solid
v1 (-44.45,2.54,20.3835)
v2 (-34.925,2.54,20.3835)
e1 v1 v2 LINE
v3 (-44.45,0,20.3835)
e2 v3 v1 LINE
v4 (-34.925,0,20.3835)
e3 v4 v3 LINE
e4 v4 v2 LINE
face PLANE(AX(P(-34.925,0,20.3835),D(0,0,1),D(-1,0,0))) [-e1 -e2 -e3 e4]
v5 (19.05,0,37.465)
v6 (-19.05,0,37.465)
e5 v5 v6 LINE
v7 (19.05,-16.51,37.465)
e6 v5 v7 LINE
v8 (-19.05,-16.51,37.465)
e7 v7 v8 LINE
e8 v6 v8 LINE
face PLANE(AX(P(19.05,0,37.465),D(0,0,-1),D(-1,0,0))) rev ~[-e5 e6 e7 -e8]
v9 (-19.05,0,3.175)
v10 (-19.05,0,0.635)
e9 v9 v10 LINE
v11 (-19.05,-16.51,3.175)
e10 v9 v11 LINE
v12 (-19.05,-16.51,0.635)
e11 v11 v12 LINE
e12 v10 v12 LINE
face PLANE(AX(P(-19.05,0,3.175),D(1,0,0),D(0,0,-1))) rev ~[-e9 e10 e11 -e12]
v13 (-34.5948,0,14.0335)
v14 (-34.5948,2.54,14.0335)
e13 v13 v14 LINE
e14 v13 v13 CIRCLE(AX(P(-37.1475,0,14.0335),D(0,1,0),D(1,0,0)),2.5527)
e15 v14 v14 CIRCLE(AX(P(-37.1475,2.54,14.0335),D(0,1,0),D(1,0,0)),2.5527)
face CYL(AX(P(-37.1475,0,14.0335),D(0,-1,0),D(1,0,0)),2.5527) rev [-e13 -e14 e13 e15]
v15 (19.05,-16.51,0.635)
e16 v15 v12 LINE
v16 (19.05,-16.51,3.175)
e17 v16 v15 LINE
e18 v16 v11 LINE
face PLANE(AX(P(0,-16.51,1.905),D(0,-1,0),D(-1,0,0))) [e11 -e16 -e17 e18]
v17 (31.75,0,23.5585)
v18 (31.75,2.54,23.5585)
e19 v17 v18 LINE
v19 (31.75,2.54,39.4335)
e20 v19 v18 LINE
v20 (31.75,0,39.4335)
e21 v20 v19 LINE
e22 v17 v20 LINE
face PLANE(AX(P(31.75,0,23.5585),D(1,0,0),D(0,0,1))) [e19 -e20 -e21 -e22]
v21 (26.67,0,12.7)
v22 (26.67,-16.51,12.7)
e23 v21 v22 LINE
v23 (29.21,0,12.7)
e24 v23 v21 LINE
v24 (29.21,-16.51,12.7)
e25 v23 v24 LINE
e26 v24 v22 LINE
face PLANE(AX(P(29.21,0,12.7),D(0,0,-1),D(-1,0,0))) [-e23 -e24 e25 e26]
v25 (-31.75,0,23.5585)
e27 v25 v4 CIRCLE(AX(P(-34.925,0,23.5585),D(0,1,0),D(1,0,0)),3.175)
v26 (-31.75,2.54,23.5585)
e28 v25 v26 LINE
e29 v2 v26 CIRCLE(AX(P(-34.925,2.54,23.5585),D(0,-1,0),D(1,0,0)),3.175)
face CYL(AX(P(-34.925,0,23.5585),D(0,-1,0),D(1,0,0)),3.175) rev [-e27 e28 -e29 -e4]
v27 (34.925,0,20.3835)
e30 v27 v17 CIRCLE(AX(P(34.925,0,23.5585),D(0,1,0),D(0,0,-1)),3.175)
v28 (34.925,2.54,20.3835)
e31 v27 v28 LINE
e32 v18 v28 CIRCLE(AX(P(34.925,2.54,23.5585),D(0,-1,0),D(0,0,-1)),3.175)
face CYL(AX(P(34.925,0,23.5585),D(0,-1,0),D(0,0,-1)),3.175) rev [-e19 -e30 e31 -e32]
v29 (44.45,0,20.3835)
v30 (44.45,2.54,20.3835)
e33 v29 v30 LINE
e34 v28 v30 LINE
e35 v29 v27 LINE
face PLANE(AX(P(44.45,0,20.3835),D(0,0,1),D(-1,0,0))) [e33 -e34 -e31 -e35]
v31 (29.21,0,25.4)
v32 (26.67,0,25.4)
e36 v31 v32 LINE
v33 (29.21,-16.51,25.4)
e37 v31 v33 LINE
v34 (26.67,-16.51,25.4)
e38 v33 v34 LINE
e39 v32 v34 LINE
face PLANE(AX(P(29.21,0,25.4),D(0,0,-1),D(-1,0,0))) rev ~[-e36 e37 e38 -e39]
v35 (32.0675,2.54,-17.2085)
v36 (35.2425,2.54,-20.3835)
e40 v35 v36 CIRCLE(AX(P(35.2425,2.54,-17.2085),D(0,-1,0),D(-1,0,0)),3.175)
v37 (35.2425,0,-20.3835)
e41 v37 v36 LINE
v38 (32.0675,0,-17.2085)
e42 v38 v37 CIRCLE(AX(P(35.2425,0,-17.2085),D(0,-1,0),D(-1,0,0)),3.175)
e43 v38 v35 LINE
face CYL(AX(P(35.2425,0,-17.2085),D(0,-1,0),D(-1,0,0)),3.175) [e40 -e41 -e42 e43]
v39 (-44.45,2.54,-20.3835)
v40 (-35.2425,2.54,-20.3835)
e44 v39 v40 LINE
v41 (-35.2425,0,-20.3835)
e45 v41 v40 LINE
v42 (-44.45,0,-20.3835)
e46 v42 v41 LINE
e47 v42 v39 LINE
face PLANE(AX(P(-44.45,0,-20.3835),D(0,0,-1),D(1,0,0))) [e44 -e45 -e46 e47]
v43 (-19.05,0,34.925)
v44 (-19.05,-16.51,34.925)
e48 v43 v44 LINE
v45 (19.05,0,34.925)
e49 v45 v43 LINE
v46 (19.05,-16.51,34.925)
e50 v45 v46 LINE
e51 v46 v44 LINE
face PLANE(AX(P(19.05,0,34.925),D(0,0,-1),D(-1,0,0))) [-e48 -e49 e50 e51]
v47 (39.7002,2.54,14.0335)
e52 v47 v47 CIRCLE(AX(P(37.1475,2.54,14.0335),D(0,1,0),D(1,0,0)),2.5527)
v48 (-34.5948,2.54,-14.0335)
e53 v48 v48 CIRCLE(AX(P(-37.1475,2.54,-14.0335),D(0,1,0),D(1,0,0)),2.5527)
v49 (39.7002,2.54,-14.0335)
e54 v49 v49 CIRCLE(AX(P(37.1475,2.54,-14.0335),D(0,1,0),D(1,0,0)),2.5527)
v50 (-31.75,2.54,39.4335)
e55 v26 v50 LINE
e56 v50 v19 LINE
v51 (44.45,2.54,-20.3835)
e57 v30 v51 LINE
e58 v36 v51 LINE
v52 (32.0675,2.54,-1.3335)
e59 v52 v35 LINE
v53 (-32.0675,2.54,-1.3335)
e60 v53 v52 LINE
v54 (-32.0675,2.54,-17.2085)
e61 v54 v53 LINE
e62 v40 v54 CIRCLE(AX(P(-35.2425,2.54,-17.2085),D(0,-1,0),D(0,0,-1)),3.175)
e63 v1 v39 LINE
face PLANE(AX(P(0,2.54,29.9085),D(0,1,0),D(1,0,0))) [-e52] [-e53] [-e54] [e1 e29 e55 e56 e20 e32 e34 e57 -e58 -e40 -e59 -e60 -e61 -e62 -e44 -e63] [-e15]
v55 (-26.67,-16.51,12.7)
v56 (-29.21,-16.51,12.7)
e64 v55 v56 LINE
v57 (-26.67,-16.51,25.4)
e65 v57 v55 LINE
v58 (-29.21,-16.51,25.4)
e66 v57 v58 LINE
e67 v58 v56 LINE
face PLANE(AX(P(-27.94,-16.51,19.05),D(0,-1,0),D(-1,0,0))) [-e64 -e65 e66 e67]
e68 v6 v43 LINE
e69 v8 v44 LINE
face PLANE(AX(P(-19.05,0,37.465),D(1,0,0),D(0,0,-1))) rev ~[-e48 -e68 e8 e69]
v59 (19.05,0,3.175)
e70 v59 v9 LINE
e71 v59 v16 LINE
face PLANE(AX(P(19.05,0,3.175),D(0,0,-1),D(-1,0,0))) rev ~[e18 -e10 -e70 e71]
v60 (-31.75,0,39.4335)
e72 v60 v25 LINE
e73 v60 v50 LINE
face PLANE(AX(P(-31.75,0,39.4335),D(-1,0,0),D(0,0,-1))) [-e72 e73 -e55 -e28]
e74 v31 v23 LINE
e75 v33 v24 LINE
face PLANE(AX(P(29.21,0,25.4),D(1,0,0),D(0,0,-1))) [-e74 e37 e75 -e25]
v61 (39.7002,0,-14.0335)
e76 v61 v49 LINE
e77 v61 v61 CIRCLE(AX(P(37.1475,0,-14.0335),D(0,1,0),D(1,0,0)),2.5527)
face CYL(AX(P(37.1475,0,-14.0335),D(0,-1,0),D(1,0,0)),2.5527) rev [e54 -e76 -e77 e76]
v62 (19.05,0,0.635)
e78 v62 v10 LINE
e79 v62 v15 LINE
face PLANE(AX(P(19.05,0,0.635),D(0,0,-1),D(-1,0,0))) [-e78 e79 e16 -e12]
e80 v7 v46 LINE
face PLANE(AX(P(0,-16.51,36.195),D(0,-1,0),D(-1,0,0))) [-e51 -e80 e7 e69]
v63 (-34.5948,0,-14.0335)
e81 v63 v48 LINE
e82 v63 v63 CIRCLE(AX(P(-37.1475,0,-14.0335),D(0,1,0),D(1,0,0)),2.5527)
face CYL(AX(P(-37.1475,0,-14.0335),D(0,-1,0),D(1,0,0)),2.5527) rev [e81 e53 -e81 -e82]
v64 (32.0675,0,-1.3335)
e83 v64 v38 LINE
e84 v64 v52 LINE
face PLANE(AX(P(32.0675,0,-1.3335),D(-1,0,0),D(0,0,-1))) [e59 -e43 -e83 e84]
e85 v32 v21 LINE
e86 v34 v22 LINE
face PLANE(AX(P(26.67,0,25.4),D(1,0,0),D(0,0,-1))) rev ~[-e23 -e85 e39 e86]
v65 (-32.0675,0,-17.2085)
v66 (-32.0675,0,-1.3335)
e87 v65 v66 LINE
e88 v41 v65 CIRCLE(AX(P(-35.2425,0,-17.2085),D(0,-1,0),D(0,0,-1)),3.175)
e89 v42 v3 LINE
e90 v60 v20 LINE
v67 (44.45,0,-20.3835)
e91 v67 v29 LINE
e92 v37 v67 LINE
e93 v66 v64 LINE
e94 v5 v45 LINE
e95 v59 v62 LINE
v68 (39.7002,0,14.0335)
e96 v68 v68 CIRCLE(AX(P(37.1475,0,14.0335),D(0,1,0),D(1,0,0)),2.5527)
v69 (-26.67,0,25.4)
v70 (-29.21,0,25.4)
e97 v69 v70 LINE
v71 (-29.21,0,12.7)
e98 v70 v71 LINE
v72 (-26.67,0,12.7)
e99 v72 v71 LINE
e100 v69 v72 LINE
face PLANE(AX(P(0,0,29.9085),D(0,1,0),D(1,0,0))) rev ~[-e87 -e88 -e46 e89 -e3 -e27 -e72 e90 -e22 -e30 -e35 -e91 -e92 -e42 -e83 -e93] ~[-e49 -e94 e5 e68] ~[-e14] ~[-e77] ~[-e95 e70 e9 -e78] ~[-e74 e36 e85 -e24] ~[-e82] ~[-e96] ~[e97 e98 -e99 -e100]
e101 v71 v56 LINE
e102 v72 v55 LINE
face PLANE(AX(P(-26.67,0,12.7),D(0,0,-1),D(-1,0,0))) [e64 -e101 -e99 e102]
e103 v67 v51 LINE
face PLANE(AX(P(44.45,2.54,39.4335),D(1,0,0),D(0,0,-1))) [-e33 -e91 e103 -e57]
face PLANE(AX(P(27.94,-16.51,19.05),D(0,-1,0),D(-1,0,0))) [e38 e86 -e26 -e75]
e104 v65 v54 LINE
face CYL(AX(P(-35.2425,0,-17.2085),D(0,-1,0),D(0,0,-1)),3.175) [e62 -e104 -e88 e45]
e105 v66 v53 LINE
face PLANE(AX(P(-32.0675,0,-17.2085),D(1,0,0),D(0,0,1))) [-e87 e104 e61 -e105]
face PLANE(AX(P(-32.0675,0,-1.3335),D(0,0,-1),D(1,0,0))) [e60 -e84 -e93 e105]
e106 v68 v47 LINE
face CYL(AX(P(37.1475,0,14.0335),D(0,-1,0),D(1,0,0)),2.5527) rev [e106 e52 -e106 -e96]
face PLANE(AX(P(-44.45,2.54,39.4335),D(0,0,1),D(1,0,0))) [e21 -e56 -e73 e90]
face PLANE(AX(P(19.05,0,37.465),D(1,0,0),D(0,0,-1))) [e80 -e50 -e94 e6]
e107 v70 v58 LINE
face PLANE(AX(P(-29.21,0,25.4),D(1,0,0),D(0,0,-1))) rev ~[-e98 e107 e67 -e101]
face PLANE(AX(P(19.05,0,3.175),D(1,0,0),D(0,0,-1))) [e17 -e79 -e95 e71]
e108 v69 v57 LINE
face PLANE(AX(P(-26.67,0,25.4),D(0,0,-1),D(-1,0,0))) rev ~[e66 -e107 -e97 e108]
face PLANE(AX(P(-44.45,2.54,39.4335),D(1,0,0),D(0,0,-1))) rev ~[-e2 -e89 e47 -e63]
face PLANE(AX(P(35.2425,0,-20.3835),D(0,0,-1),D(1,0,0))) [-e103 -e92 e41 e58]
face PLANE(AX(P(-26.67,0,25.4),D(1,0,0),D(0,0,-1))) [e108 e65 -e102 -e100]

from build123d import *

# Parameters (mm, degrees)
SKETCH1_R           = 2.5527
BOSS_EXTRUDE1_DEPTH = 2.54
SKETCH7_W           = 88.9
SKETCH7_H           = 19.05
BOSS_EXTRUDE2_DEPTH = 2.54
SKETCH6_W           = 38.1
SKETCH6_H           = 2.54
SKETCH6_W_2         = 2.54
SKETCH6_H_2         = 12.7
BOSS_EXTRUDE3_DEPTH = 16.51
CUT_EXTRUDE1_DEPTH  = 3.54


with BuildPart() as part:
    # Sketch1 → Boss-Extrude1 (new body)
    with BuildSketch(Plane(origin=(0, 0, 0), x_dir=(1, 0, 0), z_dir=(0, 1, 0))):
        with BuildLine():
            Line((44.45, -20.3835), (-44.45, -20.3835))
            Line((-44.45, -20.3835), (-44.45, 20.3835))
            Line((-44.45, 20.3835), (-35.2425, 20.3835))
            ThreePointArc((-35.2425, 20.3835), (-32.99743597, 19.45356403), (-32.0675, 17.2085))
            Line((-32.0675, 17.2085), (-32.0675, 1.3335))
            Line((-32.0675, 1.3335), (32.0675, 1.3335))
            Line((32.0675, 1.3335), (32.0675, 17.2085))
            ThreePointArc((32.0675, 17.2085), (32.99743597, 19.45356403), (35.2425, 20.3835))
            Line((35.2425, 20.3835), (44.45, 20.3835))
            Line((44.45, 20.3835), (44.45, -20.3835))
        make_face()
        with Locations((37.1475, -14.0335)):
            Circle(SKETCH1_R, mode=Mode.SUBTRACT)
        with Locations((37.1475, 14.0335)):
            Circle(SKETCH1_R, mode=Mode.SUBTRACT)
        with Locations((-37.1475, -14.0335)):
            Circle(SKETCH1_R, mode=Mode.SUBTRACT)
        with Locations((-37.1475, 14.0335)):
            Circle(SKETCH1_R, mode=Mode.SUBTRACT)
    extrude(amount=BOSS_EXTRUDE1_DEPTH)

    # Sketch7 → Boss-Extrude2 (add)
    with BuildSketch(Plane(origin=(0, 2.54, 0), x_dir=(1, 0, 0), z_dir=(0, 1, 0))):
        with Locations((0, -29.9085)):
            Rectangle(SKETCH7_W, SKETCH7_H)
    extrude(amount=-BOSS_EXTRUDE2_DEPTH)

    # Sketch6 → Boss-Extrude3 (add)
    with BuildSketch(Plane(origin=(0, 0, 0), x_dir=(-1, 0, 0), z_dir=(0, -1, 0))):
        with Locations((0, -36.195)):
            Rectangle(SKETCH6_W, SKETCH6_H)
        with Locations((0, -1.905)):
            Rectangle(SKETCH6_W, SKETCH6_H)
        with Locations((27.94, -19.05)):
            Rectangle(SKETCH6_W_2, SKETCH6_H_2)
        with Locations((-27.94, -19.05)):
            Rectangle(SKETCH6_W_2, SKETCH6_H_2)
    extrude(amount=BOSS_EXTRUDE3_DEPTH)

    # Sketch8 → Cut-Extrude1 (cut, through all)
    with BuildSketch(Plane.XZ):
        with BuildLine():
            Line((-44.45, 39.4335), (-31.75, 39.4335))
            Line((-31.75, 39.4335), (-31.75, 23.5585))
            ThreePointArc((-31.75, 23.5585), (-32.67993597, 21.31343597), (-34.925, 20.3835))
            Line((-34.925, 20.3835), (-44.45, 20.3835))
            Line((-44.45, 20.3835), (-44.45, 39.4335))
        make_face()
        with BuildLine():
            Line((44.45, 20.3835), (34.925, 20.3835))
            ThreePointArc((34.925, 20.3835), (32.67993597, 21.31343597), (31.75, 23.5585))
            Line((31.75, 23.5585), (31.75, 39.4335))
            Line((31.75, 39.4335), (44.45, 39.4335))
            Line((44.45, 39.4335), (44.45, 20.3835))
        make_face()
    extrude(amount=-CUT_EXTRUDE1_DEPTH, mode=Mode.SUBTRACT)


solid = part.part
